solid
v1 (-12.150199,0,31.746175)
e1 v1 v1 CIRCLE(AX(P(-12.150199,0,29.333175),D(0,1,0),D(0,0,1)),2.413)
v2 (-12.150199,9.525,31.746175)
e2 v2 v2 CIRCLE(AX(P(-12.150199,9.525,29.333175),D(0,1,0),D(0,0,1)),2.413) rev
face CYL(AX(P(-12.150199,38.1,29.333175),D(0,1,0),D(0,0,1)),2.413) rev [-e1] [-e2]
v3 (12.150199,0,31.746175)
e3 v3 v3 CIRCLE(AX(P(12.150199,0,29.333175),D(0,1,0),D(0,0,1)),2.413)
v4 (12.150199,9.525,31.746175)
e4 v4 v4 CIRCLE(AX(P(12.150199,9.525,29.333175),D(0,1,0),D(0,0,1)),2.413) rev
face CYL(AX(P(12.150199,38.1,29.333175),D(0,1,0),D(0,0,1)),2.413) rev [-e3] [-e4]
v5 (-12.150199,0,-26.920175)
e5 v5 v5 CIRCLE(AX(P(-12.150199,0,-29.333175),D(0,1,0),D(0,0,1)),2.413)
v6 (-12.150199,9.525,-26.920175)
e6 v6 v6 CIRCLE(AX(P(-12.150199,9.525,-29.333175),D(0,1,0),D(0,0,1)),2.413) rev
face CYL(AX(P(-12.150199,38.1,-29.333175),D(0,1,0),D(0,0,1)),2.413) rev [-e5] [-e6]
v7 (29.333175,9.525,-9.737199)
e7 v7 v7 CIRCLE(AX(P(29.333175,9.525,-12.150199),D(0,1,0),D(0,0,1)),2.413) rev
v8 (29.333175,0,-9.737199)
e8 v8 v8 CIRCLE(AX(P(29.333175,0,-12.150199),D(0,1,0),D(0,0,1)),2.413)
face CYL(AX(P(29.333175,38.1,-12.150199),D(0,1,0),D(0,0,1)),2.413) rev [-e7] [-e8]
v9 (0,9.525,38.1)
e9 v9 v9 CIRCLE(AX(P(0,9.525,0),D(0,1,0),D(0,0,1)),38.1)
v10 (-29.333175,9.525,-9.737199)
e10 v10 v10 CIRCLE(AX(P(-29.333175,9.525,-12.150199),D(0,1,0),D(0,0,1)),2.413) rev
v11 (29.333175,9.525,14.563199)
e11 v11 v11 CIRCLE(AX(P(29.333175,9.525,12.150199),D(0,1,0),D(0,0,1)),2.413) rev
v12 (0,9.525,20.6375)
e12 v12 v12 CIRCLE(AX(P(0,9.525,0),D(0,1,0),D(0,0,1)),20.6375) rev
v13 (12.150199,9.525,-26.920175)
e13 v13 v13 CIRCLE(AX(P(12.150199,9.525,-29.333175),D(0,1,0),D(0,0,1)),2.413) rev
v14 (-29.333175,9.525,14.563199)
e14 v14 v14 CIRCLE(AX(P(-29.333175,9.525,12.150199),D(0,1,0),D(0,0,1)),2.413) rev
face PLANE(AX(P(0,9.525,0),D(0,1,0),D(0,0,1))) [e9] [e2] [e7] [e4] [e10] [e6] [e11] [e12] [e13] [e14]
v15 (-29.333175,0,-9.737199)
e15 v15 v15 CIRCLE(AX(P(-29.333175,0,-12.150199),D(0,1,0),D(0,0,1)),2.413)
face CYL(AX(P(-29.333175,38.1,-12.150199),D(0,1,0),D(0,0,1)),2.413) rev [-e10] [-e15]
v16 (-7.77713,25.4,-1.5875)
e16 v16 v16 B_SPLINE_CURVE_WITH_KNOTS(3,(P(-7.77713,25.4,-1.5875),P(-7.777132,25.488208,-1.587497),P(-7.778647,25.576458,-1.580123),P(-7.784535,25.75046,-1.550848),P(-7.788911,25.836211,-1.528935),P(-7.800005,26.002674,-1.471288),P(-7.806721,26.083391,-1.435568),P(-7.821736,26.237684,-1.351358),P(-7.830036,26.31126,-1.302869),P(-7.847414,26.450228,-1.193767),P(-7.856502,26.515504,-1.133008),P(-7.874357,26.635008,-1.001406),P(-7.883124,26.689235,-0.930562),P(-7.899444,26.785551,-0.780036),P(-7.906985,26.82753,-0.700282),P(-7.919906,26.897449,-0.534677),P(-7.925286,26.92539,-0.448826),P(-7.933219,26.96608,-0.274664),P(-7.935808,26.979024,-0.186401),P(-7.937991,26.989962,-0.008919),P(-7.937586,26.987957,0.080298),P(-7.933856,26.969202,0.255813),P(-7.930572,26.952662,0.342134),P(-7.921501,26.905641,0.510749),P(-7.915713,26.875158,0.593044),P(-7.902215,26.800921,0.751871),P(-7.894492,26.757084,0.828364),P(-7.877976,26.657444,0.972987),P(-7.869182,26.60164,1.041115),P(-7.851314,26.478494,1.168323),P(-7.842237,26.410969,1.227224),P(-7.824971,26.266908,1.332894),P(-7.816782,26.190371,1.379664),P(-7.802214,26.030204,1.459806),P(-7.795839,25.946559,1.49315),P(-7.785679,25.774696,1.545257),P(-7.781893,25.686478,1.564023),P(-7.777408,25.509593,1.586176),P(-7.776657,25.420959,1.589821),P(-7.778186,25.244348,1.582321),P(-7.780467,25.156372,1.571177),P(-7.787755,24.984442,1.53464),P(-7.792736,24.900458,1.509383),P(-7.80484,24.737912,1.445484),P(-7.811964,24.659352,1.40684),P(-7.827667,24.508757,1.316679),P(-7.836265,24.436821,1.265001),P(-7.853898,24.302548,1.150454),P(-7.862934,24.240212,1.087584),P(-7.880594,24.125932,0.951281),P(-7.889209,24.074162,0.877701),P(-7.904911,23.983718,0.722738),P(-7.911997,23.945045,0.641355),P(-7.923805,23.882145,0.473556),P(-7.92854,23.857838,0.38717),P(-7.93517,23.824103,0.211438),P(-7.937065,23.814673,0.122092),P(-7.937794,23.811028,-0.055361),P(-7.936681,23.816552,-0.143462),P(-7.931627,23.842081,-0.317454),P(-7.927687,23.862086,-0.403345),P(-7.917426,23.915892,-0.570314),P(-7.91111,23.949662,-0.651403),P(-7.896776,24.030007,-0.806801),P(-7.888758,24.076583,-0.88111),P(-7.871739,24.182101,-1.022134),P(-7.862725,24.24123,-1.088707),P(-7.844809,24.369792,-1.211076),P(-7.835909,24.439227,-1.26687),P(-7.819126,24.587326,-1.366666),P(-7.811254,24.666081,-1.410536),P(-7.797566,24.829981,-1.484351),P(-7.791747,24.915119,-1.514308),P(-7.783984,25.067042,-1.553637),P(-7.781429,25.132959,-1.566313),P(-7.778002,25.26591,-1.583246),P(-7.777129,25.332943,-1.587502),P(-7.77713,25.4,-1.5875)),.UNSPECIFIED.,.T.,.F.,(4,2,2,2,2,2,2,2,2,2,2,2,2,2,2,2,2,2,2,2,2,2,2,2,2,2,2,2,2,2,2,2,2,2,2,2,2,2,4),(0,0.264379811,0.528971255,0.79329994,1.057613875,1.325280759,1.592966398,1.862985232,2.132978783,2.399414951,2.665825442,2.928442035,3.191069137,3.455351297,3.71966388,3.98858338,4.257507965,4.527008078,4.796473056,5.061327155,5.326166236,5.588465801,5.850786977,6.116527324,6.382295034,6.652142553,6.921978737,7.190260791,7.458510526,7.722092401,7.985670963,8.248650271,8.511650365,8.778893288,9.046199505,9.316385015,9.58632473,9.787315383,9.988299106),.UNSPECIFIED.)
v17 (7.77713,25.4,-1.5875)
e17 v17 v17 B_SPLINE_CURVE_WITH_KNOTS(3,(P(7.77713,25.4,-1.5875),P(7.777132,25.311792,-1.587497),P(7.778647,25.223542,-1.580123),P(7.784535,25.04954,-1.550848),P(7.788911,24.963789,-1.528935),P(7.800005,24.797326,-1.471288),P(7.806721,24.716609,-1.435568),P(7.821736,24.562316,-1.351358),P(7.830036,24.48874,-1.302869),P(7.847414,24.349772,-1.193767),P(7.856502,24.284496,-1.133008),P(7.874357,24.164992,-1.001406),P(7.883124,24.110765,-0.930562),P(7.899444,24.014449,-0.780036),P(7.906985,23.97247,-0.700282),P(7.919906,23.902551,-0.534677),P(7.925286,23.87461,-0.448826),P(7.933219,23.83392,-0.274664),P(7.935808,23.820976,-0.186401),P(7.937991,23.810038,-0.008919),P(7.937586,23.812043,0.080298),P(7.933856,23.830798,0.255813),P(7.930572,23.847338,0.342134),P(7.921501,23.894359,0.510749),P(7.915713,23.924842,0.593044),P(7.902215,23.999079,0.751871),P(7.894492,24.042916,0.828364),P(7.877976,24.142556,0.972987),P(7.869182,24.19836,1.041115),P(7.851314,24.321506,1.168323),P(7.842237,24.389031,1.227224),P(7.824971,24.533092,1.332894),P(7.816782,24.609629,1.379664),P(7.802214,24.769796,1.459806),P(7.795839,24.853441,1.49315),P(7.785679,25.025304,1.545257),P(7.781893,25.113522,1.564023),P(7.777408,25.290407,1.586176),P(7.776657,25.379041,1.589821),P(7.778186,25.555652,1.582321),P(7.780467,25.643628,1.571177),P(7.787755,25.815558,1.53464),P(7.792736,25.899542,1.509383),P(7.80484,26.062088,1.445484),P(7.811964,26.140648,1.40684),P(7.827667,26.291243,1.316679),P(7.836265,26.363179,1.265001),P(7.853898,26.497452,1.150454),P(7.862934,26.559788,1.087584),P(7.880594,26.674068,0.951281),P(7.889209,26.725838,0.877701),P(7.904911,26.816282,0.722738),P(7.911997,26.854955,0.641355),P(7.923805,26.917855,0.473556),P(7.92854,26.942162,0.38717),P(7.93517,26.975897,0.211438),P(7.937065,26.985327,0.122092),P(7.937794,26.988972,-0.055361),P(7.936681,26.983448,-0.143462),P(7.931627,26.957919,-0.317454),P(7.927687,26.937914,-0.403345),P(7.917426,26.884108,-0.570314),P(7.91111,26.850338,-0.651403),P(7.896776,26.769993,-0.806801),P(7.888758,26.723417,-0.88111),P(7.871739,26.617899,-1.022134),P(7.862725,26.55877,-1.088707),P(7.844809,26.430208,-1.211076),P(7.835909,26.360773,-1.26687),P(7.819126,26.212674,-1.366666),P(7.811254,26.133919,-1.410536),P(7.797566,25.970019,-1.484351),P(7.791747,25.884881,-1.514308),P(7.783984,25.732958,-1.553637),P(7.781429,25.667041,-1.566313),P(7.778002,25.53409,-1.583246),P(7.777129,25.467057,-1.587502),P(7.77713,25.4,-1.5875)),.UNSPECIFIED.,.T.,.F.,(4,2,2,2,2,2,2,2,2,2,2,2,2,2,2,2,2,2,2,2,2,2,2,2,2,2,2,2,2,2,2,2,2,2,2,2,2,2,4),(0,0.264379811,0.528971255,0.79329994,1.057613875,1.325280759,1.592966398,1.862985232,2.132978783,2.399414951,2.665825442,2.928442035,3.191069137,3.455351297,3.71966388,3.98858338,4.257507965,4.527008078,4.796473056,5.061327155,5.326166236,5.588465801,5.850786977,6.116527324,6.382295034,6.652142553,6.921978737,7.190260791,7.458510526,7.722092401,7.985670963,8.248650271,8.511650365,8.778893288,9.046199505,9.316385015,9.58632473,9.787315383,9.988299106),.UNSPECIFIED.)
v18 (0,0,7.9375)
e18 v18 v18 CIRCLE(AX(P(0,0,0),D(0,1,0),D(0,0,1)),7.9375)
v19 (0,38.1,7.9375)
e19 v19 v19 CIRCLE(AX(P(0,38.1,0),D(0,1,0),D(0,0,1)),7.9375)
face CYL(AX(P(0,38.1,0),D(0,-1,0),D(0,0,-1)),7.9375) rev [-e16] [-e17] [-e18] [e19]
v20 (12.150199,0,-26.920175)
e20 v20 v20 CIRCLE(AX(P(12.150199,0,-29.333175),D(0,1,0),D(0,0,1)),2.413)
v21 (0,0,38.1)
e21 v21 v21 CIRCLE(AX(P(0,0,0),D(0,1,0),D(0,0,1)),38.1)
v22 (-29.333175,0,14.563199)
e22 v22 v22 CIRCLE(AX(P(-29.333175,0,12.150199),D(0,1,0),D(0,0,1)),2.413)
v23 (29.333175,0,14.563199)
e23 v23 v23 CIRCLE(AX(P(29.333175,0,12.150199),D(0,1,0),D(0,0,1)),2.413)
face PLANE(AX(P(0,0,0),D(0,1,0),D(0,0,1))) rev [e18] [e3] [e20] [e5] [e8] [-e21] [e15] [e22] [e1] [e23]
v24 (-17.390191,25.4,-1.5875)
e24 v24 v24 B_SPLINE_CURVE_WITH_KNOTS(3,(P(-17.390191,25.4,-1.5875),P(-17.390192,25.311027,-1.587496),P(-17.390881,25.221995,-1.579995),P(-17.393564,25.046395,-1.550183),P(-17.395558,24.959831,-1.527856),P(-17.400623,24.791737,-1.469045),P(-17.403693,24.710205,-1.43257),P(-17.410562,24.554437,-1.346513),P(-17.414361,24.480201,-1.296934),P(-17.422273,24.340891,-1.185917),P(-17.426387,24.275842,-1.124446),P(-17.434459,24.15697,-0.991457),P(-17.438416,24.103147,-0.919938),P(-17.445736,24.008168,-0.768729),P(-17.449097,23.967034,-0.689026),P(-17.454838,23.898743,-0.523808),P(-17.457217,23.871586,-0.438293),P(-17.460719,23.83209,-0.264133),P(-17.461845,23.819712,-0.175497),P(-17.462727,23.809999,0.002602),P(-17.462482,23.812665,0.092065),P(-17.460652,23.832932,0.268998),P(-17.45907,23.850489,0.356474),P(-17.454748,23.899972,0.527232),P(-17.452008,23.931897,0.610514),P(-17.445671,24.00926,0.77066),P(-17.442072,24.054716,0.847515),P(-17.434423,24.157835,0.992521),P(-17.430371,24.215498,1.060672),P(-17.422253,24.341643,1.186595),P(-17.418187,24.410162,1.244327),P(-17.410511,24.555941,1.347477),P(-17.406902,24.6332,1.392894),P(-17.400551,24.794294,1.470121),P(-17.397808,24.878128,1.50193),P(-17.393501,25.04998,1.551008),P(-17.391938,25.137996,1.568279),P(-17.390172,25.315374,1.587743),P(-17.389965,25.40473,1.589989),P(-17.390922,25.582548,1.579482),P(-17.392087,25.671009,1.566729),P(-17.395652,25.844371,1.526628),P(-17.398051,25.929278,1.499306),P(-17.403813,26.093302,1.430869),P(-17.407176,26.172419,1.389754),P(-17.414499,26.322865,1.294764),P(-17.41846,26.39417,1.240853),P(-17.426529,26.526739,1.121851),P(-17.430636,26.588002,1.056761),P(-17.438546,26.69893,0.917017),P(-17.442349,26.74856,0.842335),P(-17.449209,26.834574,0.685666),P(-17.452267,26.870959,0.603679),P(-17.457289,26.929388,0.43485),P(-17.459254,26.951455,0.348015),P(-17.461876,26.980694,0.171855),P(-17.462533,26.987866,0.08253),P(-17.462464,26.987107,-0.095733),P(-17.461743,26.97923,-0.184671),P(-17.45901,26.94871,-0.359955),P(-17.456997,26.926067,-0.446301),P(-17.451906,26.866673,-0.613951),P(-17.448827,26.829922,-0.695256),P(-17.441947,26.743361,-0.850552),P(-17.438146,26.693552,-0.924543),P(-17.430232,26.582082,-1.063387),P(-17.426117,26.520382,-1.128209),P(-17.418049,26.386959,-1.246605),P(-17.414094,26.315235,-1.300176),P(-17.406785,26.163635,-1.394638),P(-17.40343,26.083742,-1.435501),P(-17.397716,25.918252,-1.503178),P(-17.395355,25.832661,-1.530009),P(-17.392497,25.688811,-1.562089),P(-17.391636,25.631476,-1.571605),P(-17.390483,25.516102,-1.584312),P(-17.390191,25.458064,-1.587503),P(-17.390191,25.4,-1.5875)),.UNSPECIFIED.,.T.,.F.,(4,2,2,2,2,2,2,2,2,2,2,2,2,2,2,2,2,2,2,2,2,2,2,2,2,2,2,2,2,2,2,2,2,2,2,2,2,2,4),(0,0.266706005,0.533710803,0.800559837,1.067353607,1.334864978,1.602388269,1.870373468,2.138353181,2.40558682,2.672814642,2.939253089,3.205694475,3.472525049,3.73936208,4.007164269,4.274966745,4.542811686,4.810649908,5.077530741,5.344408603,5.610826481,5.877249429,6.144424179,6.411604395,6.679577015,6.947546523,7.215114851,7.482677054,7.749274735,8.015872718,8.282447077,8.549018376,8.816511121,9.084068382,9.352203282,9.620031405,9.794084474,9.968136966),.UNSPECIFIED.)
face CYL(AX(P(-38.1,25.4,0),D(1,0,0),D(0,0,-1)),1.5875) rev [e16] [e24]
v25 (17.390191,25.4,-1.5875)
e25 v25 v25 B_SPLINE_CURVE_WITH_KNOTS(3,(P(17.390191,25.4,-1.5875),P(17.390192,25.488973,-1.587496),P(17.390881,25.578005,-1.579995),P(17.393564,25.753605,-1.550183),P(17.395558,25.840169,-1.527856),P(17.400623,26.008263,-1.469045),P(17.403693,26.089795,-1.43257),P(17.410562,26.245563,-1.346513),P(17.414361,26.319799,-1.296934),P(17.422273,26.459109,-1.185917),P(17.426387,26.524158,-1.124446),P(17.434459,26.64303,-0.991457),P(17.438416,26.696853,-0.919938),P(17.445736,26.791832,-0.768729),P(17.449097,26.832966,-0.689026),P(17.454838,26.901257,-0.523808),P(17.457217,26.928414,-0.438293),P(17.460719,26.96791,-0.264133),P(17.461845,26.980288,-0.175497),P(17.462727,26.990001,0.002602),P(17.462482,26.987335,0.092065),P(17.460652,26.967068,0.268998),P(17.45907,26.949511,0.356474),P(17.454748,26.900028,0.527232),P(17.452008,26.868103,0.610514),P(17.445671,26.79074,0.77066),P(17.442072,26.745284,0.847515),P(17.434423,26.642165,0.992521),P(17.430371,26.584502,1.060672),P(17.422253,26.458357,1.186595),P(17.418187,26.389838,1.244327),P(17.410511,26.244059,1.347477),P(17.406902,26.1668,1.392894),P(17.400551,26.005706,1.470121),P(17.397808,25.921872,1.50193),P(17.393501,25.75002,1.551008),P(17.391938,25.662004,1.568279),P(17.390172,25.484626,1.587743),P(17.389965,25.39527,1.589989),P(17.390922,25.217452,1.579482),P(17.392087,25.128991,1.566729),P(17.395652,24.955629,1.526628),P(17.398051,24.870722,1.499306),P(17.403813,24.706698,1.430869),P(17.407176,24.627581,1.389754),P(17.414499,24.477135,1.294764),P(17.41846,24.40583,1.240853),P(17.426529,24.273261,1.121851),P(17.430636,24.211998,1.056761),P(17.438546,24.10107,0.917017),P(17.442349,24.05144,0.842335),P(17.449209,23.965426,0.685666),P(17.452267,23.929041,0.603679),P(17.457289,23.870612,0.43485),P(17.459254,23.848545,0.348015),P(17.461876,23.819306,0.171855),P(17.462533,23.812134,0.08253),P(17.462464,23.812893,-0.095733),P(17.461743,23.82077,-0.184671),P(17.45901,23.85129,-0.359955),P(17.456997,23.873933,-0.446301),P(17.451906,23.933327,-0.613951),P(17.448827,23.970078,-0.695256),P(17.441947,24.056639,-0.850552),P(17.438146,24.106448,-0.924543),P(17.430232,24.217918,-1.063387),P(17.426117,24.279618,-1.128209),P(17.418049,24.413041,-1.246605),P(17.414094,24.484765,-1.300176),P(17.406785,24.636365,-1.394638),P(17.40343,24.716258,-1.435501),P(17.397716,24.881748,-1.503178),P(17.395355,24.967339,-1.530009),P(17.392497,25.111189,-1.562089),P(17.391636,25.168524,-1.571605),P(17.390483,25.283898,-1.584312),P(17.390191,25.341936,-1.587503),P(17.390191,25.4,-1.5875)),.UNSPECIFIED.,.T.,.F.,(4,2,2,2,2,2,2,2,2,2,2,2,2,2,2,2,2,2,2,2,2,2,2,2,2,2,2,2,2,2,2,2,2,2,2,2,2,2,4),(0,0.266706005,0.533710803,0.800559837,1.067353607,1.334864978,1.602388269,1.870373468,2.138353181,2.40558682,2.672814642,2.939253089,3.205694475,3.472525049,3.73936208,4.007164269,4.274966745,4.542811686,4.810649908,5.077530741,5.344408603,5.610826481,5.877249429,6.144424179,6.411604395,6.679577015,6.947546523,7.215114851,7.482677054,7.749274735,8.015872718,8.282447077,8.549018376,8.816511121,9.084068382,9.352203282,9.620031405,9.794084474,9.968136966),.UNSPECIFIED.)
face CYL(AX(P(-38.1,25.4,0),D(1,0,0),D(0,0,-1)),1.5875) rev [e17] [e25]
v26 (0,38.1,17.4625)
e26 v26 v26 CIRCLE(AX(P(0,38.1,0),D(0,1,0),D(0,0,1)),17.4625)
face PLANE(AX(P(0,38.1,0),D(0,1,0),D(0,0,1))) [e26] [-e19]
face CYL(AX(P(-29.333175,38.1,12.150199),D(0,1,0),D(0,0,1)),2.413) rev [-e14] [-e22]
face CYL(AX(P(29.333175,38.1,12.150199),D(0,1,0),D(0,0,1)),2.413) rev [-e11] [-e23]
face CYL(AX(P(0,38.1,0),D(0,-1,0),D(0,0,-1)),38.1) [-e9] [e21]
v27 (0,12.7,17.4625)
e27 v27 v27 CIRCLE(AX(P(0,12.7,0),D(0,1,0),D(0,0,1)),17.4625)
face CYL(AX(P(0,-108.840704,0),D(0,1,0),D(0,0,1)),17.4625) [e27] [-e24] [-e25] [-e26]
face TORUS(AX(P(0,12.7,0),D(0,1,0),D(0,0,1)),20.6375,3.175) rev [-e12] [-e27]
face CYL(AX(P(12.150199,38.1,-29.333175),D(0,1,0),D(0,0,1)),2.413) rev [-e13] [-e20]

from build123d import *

# Parameters (mm, degrees)
SKETCH1_R               = 38.1
SKETCH1_R_2             = 7.9375
BOSS_EXTRUDE1_DEPTH     = 38.1
F_10_32_TAPPED_HOLE1_D  = 4.826
CIRPATTERN1_COUNT       = 8
SKETCH7_OUTSIDE_W       = 101.06
SKETCH7_OUTSIDE_H       = 101.06
SKETCH7_OUTSIDE_R       = 17.4625
CUT_EXTRUDE2_DEPTH      = 28.575
FILLET1_R               = 3.175
SKETCH8_R               = 1.5875
CUT_EXTRUDE3_DEPTH      = 39.1
CUT_EXTRUDE3_DEPTH_BACK = 39.1


with BuildPart() as part:
    # Sketch1 → Boss-Extrude1 (new body)
    with BuildSketch(Plane(origin=(0, 0, 0), x_dir=(1, 0, 0), z_dir=(0, 1, 0))):
        with Locations(Location((0, 0, 0), (0, 0, 270))):  # turned: the seam where the file's is
            Circle(SKETCH1_R)
        with Locations(Location((0, 0, 0), (0, 0, 270))):  # turned: the seam where the file's is
            Circle(SKETCH1_R_2, mode=Mode.SUBTRACT)
    extrude(amount=BOSS_EXTRUDE1_DEPTH)

    # #10-32 Tapped Hole1 (through all)
    with Locations(Plane(origin=(0, 38.1, 0), x_dir=(-1, 0, 0), z_dir=(0, 1, 0))):
        with Locations((29.333175157, -12.150198978)):
            f_10_32_tapped_hole1 = Hole(F_10_32_TAPPED_HOLE1_D / 2)

    # CirPattern1: #10-32 Tapped Hole1 ×8 about axis
    cirpattern1_axis = Axis((0, 0, 0), (0, 1, 0))
    for i in range(1, CIRPATTERN1_COUNT):
        add(f_10_32_tapped_hole1.rotate(cirpattern1_axis, i * 360 / CIRPATTERN1_COUNT), mode=Mode.SUBTRACT)

    # Sketch7 outside → Cut-Extrude2 (cut)
    with BuildSketch(Plane(origin=(0, 38.1, 0), x_dir=(1, 0, 0), z_dir=(0, 1, 0))):
        Rectangle(SKETCH7_OUTSIDE_W, SKETCH7_OUTSIDE_H)
        with Locations(Location((0, 0, 0), (0, 0, 270))):  # turned: the seam where the file's is
            Circle(SKETCH7_OUTSIDE_R, mode=Mode.SUBTRACT)
    extrude(amount=-CUT_EXTRUDE2_DEPTH, mode=Mode.SUBTRACT)

    # Fillet1
    fillet1_edges = [part.edges().sort_by_distance(p)[0] for p in [
        (0, 9.525, -17.4625),
    ]]
    fillet(fillet1_edges, radius=FILLET1_R)

    # Sketch8 → Cut-Extrude3 (cut, two sides)
    with BuildSketch(Plane(origin=(0, 0, 0), x_dir=(0, 0, -1), z_dir=(1, 0, 0))) as cut_extrude3_sk:
        with Locations((0, 25.4)):
            Circle(SKETCH8_R)
    extrude(amount=CUT_EXTRUDE3_DEPTH, mode=Mode.SUBTRACT)
    extrude(cut_extrude3_sk.sketch, amount=-CUT_EXTRUDE3_DEPTH_BACK, mode=Mode.SUBTRACT)


solid = part.part
